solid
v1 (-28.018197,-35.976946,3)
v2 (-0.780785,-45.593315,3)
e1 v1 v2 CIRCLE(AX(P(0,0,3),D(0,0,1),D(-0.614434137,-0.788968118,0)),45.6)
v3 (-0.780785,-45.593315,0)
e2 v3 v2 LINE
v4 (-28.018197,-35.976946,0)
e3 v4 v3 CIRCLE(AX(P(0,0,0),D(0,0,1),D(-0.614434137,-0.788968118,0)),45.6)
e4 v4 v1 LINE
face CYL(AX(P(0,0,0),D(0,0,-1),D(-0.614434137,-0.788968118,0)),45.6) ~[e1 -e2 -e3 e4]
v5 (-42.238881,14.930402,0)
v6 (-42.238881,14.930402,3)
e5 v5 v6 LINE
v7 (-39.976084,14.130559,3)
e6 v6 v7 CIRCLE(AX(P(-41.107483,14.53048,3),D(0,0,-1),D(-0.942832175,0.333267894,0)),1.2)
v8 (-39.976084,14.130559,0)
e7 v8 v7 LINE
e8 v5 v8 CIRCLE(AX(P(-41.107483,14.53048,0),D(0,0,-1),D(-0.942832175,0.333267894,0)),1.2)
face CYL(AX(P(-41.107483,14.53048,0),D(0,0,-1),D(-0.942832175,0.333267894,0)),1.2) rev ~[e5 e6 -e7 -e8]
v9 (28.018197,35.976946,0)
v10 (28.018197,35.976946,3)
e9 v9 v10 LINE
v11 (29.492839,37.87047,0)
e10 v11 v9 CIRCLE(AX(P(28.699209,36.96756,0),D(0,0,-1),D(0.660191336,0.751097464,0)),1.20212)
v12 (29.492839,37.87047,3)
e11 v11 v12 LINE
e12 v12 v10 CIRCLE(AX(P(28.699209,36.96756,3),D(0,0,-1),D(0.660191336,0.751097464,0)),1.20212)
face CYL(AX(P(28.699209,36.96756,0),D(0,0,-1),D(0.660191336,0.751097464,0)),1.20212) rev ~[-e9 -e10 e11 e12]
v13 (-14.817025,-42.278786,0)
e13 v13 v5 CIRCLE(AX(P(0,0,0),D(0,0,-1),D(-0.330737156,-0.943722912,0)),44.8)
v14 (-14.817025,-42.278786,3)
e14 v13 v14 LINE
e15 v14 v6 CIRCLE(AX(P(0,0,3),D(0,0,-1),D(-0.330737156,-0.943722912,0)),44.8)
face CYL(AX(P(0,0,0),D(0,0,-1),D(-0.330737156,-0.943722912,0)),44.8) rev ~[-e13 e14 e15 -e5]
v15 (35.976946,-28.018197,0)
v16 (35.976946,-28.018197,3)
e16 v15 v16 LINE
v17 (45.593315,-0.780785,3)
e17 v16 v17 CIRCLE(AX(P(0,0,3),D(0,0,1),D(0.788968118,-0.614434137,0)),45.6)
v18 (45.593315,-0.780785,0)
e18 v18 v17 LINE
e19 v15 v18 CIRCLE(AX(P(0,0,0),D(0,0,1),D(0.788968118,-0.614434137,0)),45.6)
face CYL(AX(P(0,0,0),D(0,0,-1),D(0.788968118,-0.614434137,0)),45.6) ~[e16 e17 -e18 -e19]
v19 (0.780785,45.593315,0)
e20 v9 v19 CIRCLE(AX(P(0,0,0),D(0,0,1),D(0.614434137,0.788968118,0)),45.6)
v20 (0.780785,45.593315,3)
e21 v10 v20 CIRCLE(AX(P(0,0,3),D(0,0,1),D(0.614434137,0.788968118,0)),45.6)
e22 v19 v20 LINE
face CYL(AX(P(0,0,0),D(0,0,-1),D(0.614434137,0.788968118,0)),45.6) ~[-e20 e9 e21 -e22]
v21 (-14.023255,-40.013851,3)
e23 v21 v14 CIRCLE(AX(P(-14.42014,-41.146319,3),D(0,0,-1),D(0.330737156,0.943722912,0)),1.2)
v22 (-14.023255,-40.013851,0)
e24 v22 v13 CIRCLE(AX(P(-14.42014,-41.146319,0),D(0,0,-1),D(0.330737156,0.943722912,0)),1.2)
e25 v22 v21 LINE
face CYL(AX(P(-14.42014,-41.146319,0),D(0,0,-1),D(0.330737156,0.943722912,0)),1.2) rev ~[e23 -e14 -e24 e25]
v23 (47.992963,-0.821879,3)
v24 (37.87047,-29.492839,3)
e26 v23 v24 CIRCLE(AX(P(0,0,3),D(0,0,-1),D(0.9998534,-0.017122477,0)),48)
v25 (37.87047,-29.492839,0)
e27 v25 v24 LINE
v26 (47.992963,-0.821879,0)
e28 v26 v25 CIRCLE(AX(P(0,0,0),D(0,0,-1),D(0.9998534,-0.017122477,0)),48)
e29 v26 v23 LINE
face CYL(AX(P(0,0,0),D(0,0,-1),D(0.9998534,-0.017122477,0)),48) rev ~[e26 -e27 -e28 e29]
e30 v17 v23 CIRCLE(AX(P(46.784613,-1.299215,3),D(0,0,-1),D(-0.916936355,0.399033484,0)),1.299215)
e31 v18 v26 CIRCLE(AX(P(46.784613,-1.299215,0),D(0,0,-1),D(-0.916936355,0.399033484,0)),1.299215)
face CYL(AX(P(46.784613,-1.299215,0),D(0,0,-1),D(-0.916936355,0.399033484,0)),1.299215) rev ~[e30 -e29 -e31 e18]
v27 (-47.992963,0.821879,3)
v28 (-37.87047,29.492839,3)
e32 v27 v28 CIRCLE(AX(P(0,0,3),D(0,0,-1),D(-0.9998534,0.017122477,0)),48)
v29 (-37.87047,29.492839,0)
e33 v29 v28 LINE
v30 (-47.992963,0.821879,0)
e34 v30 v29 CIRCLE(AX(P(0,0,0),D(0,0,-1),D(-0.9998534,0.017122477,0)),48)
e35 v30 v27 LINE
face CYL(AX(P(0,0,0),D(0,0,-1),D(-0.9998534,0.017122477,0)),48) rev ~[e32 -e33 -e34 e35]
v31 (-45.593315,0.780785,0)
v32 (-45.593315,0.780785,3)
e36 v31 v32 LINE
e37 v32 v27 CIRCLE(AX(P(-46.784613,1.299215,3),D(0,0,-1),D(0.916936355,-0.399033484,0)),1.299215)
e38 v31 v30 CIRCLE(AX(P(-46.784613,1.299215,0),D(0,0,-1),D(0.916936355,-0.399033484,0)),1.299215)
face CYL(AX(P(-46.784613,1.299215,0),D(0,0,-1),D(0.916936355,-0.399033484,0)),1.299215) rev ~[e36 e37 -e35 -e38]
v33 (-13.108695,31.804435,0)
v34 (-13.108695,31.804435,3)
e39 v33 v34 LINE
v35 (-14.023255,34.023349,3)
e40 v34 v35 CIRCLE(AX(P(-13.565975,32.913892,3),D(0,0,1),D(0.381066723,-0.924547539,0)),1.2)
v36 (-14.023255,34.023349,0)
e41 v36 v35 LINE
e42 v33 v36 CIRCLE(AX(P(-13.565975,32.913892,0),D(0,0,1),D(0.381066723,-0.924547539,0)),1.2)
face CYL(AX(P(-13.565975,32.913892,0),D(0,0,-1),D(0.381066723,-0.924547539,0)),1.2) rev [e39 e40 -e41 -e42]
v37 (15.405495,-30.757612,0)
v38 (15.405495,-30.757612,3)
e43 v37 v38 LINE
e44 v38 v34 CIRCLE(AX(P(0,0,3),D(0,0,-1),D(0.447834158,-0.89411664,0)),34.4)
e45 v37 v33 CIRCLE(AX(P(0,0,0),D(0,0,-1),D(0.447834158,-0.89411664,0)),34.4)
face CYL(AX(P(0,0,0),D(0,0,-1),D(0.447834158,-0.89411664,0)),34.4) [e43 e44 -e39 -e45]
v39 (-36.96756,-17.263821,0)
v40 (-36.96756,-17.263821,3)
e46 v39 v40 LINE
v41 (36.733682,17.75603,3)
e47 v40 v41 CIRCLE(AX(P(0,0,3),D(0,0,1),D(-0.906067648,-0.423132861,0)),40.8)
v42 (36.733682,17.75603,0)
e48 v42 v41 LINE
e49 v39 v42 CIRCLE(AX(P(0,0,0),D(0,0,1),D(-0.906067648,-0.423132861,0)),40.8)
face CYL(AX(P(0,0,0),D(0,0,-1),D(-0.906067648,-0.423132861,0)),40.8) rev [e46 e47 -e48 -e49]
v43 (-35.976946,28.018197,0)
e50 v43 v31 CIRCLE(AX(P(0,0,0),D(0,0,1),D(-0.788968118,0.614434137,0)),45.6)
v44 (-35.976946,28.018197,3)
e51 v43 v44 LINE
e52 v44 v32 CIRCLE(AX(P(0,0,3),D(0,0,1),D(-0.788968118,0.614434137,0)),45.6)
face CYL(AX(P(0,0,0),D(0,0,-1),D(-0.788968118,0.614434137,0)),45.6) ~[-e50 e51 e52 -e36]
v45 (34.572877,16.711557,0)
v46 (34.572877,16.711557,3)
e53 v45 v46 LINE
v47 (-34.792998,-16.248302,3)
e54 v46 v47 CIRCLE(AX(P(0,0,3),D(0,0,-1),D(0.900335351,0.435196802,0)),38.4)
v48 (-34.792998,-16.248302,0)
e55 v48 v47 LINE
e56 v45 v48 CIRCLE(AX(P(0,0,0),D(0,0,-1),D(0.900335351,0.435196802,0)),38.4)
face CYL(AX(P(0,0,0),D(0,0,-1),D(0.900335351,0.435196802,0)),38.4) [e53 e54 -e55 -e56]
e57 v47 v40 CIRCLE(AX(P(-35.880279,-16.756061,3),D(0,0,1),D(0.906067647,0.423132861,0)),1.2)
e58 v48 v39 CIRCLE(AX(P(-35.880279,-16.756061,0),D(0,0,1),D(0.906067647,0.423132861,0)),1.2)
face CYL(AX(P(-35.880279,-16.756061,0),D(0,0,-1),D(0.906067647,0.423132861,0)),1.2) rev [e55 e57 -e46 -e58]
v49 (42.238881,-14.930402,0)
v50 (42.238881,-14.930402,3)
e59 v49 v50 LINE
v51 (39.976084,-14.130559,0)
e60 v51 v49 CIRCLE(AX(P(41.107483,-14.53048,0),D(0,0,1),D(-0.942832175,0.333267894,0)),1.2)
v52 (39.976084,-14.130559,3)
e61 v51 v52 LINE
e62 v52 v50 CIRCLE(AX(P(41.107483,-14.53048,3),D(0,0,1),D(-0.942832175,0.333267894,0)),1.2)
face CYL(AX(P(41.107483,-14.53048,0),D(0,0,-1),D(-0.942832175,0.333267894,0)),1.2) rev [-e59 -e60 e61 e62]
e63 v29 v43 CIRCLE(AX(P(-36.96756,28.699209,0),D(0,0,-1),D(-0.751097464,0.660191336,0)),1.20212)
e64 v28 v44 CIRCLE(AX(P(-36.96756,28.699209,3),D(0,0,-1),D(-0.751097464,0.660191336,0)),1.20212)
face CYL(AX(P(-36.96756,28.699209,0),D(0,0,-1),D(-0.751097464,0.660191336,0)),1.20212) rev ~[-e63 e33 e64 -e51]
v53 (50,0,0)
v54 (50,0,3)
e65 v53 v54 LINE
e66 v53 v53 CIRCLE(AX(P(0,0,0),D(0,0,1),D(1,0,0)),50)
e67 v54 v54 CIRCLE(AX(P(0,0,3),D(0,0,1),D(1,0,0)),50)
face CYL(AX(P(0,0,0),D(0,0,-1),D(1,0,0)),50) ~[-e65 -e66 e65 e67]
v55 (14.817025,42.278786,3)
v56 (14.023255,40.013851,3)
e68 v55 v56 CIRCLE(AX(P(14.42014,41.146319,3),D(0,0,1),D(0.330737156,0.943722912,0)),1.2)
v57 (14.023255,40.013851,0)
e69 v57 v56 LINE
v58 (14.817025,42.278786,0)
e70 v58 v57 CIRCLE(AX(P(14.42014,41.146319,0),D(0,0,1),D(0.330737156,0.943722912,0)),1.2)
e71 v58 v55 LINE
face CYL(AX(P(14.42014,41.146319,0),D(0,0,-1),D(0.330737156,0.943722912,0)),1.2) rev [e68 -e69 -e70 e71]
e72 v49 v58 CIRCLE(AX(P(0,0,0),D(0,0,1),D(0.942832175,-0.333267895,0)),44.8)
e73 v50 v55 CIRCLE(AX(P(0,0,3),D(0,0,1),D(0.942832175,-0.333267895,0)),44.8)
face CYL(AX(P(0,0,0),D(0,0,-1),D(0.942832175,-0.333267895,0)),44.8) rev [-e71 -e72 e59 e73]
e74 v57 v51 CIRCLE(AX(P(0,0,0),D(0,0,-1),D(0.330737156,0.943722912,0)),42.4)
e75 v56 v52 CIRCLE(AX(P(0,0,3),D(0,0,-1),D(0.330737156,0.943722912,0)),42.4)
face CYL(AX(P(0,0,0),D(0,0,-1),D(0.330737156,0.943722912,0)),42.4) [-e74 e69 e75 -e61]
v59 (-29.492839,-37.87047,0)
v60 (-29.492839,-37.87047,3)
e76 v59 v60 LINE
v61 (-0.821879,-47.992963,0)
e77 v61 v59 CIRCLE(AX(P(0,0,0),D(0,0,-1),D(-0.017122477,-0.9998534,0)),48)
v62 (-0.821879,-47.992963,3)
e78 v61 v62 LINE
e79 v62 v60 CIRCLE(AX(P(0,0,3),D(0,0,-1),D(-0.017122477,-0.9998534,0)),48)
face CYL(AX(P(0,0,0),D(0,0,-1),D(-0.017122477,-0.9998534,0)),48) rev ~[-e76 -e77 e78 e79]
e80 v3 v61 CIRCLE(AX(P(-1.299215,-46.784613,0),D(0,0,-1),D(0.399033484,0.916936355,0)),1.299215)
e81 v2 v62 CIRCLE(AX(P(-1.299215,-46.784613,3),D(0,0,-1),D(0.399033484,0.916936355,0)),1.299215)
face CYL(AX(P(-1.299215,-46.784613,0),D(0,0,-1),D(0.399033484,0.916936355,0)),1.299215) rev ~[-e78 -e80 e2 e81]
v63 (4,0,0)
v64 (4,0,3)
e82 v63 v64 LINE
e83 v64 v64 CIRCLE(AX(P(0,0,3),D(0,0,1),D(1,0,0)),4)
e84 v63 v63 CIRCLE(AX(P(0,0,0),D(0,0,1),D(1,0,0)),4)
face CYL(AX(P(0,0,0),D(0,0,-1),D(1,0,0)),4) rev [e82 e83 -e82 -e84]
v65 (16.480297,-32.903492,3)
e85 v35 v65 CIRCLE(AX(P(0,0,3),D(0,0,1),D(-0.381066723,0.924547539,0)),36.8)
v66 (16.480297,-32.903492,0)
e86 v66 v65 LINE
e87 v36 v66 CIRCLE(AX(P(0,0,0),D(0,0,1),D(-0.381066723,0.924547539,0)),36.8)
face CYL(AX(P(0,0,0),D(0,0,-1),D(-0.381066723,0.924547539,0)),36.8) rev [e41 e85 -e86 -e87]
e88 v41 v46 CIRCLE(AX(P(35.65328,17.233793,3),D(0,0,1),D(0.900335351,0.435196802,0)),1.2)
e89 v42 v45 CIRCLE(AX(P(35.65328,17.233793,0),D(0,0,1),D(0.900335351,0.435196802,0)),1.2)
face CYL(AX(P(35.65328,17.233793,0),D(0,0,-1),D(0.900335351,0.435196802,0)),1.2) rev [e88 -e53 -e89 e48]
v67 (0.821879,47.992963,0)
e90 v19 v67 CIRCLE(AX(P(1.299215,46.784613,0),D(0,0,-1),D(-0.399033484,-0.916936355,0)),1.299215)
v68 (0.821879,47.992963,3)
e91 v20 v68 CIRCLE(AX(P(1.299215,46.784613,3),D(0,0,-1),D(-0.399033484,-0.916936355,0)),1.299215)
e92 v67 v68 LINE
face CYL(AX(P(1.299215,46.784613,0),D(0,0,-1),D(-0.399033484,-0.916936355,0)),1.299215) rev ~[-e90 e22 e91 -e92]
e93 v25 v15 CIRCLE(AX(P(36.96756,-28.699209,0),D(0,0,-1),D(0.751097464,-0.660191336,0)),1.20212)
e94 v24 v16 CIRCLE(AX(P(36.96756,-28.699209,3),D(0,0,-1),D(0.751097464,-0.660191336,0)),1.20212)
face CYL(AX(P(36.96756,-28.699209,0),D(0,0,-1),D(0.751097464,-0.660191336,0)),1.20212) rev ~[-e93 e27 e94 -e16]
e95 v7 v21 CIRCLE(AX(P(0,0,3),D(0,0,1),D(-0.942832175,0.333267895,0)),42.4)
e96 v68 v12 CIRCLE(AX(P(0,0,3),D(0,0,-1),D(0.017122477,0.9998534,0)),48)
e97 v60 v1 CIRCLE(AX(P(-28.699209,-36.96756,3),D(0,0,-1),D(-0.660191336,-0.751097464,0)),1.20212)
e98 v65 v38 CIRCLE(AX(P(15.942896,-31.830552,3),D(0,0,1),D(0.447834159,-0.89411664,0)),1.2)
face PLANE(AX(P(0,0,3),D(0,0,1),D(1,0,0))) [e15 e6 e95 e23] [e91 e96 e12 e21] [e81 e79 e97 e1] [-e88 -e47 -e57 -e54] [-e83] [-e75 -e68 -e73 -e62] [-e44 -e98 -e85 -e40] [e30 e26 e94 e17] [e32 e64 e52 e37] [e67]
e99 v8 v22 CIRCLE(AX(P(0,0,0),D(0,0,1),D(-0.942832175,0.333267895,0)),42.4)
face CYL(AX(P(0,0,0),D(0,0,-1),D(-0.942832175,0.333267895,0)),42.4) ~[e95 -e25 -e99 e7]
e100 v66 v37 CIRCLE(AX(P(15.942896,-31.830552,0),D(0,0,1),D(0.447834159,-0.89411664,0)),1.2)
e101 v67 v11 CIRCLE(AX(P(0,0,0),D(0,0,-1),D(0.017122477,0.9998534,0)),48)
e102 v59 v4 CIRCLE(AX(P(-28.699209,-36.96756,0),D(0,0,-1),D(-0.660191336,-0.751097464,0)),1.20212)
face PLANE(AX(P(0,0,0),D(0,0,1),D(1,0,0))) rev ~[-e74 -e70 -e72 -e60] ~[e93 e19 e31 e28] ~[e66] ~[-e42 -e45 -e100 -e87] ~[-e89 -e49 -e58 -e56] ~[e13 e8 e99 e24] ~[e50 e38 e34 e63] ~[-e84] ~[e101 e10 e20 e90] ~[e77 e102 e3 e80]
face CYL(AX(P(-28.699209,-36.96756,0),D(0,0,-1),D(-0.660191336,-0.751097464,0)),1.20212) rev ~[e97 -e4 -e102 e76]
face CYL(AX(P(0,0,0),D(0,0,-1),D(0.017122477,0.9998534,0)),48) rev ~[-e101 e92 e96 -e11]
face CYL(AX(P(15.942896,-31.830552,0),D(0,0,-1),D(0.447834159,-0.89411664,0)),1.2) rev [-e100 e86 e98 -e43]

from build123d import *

# Parameters (mm, degrees)
CROQUIS1_R              = 50
CROQUIS1_R_2            = 4
SALIENTE_EXTRUIR3_DEPTH = 3


with BuildPart() as part:
    # Croquis1 → Saliente-Extruir3 (new body)
    with BuildSketch(Plane.XY):
        Circle(CROQUIS1_R)
        Circle(CROQUIS1_R_2, mode=Mode.SUBTRACT)
        with BuildLine():
            ThreePointArc((0.780784951, 45.593315024), (0.000190465, 46.806858641), (0.821878896, 47.992963183))
            ThreePointArc((0.821878896, 47.992963183), (15.980042003, 45.261885263), (29.492838566, 37.870469674))
            ThreePointArc((29.492838566, 37.870469674), (29.647643774, 36.228936164), (28.018196638, 35.97694619))
            ThreePointArc((28.018196638, 35.97694619), (15.181039903, 42.998791), (0.780784951, 45.593315024))
        make_face(mode=Mode.SUBTRACT)
        with BuildLine():
            ThreePointArc((35.97694619, -28.018196638), (42.998791, -15.181039903), (45.593315024, -0.780784951))
            ThreePointArc((45.593315024, -0.780784951), (46.806858641, -0.000190465), (47.992963183, -0.821878896))
            ThreePointArc((47.992963183, -0.821878896), (45.261885263, -15.980042003), (37.870469674, -29.492838566))
            ThreePointArc((37.870469674, -29.492838566), (36.228936164, -29.647643774), (35.97694619, -28.018196638))
        make_face(mode=Mode.SUBTRACT)
        with BuildLine():
            ThreePointArc((-28.018196638, -35.97694619), (-15.181039903, -42.998791), (-0.780784951, -45.593315024))
            ThreePointArc((-0.780784951, -45.593315024), (-0.000190465, -46.806858641), (-0.821878896, -47.992963183))
            ThreePointArc((-0.821878896, -47.992963183), (-15.980042003, -45.261885263), (-29.492838566, -37.870469674))
            ThreePointArc((-29.492838566, -37.870469674), (-29.647643774, -36.228936164), (-28.018196638, -35.97694619))
        make_face(mode=Mode.SUBTRACT)
        with BuildLine():
            ThreePointArc((-35.97694619, 28.018196638), (-42.998791, 15.181039903), (-45.593315024, 0.780784951))
            ThreePointArc((-45.593315024, 0.780784951), (-46.806858641, 0.000190465), (-47.992963183, 0.821878896))
            ThreePointArc((-47.992963183, 0.821878896), (-45.261885263, 15.980042003), (-37.870469674, 29.492838566))
            ThreePointArc((-37.870469674, 29.492838566), (-36.228936164, 29.647643774), (-35.97694619, 28.018196638))
        make_face(mode=Mode.SUBTRACT)
        with BuildLine():
            ThreePointArc((42.238881445, -14.930401679), (40.398847807, 19.364222056), (14.817024573, 42.27878644))
            ThreePointArc((14.817024573, 42.27878644), (13.287672492, 41.543203533), (14.023255399, 40.013851452))
            ThreePointArc((14.023255399, 40.013851452), (38.234623818, 18.326853017), (39.976084224, -14.130558732))
            ThreePointArc((39.976084224, -14.130558732), (40.707561361, -15.661878816), (42.238881445, -14.930401679))
        make_face(mode=Mode.SUBTRACT)
        with BuildLine():
            ThreePointArc((-39.976084224, 14.130558732), (-38.234623818, -18.326853017), (-14.023255399, -40.013851452))
            ThreePointArc((-14.023255399, -40.013851452), (-13.287672492, -41.543203533), (-14.817024573, -42.27878644))
            ThreePointArc((-14.817024573, -42.27878644), (-40.398847807, -19.364222056), (-42.238881445, 14.930401679))
            ThreePointArc((-42.238881445, 14.930401679), (-40.707561361, 15.661878816), (-39.976084224, 14.130558732))
        make_face(mode=Mode.SUBTRACT)
        with BuildLine():
            ThreePointArc((-36.967560027, -17.263820715), (17.510315589, -36.851442957), (36.733682313, 17.756029503))
            ThreePointArc((36.733682313, 17.756029503), (35.13104373, 18.314195762), (34.572877471, 16.711557179))
            ThreePointArc((34.572877471, 16.711557179), (16.480297025, -34.683711018), (-34.792997672, -16.248301849))
            ThreePointArc((-34.792997672, -16.248301849), (-36.388038282, -15.668780105), (-36.967560027, -17.263820715))
        make_face(mode=Mode.SUBTRACT)
        with BuildLine():
            ThreePointArc((-14.023255399, 34.023349453), (-33.48596426, -15.262050897), (16.480297025, -32.903492368))
            ThreePointArc((16.480297025, -32.903492368), (17.015836003, -31.293151409), (15.405495045, -30.75761243))
            ThreePointArc((15.405495045, -30.75761243), (-31.302097025, -14.266699752), (-13.108695264, 31.804435358))
            ThreePointArc((-13.108695264, 31.804435358), (-12.456518284, 33.371172473), (-14.023255399, 34.023349453))
        make_face(mode=Mode.SUBTRACT)
    extrude(amount=SALIENTE_EXTRUIR3_DEPTH)


solid = part.part
